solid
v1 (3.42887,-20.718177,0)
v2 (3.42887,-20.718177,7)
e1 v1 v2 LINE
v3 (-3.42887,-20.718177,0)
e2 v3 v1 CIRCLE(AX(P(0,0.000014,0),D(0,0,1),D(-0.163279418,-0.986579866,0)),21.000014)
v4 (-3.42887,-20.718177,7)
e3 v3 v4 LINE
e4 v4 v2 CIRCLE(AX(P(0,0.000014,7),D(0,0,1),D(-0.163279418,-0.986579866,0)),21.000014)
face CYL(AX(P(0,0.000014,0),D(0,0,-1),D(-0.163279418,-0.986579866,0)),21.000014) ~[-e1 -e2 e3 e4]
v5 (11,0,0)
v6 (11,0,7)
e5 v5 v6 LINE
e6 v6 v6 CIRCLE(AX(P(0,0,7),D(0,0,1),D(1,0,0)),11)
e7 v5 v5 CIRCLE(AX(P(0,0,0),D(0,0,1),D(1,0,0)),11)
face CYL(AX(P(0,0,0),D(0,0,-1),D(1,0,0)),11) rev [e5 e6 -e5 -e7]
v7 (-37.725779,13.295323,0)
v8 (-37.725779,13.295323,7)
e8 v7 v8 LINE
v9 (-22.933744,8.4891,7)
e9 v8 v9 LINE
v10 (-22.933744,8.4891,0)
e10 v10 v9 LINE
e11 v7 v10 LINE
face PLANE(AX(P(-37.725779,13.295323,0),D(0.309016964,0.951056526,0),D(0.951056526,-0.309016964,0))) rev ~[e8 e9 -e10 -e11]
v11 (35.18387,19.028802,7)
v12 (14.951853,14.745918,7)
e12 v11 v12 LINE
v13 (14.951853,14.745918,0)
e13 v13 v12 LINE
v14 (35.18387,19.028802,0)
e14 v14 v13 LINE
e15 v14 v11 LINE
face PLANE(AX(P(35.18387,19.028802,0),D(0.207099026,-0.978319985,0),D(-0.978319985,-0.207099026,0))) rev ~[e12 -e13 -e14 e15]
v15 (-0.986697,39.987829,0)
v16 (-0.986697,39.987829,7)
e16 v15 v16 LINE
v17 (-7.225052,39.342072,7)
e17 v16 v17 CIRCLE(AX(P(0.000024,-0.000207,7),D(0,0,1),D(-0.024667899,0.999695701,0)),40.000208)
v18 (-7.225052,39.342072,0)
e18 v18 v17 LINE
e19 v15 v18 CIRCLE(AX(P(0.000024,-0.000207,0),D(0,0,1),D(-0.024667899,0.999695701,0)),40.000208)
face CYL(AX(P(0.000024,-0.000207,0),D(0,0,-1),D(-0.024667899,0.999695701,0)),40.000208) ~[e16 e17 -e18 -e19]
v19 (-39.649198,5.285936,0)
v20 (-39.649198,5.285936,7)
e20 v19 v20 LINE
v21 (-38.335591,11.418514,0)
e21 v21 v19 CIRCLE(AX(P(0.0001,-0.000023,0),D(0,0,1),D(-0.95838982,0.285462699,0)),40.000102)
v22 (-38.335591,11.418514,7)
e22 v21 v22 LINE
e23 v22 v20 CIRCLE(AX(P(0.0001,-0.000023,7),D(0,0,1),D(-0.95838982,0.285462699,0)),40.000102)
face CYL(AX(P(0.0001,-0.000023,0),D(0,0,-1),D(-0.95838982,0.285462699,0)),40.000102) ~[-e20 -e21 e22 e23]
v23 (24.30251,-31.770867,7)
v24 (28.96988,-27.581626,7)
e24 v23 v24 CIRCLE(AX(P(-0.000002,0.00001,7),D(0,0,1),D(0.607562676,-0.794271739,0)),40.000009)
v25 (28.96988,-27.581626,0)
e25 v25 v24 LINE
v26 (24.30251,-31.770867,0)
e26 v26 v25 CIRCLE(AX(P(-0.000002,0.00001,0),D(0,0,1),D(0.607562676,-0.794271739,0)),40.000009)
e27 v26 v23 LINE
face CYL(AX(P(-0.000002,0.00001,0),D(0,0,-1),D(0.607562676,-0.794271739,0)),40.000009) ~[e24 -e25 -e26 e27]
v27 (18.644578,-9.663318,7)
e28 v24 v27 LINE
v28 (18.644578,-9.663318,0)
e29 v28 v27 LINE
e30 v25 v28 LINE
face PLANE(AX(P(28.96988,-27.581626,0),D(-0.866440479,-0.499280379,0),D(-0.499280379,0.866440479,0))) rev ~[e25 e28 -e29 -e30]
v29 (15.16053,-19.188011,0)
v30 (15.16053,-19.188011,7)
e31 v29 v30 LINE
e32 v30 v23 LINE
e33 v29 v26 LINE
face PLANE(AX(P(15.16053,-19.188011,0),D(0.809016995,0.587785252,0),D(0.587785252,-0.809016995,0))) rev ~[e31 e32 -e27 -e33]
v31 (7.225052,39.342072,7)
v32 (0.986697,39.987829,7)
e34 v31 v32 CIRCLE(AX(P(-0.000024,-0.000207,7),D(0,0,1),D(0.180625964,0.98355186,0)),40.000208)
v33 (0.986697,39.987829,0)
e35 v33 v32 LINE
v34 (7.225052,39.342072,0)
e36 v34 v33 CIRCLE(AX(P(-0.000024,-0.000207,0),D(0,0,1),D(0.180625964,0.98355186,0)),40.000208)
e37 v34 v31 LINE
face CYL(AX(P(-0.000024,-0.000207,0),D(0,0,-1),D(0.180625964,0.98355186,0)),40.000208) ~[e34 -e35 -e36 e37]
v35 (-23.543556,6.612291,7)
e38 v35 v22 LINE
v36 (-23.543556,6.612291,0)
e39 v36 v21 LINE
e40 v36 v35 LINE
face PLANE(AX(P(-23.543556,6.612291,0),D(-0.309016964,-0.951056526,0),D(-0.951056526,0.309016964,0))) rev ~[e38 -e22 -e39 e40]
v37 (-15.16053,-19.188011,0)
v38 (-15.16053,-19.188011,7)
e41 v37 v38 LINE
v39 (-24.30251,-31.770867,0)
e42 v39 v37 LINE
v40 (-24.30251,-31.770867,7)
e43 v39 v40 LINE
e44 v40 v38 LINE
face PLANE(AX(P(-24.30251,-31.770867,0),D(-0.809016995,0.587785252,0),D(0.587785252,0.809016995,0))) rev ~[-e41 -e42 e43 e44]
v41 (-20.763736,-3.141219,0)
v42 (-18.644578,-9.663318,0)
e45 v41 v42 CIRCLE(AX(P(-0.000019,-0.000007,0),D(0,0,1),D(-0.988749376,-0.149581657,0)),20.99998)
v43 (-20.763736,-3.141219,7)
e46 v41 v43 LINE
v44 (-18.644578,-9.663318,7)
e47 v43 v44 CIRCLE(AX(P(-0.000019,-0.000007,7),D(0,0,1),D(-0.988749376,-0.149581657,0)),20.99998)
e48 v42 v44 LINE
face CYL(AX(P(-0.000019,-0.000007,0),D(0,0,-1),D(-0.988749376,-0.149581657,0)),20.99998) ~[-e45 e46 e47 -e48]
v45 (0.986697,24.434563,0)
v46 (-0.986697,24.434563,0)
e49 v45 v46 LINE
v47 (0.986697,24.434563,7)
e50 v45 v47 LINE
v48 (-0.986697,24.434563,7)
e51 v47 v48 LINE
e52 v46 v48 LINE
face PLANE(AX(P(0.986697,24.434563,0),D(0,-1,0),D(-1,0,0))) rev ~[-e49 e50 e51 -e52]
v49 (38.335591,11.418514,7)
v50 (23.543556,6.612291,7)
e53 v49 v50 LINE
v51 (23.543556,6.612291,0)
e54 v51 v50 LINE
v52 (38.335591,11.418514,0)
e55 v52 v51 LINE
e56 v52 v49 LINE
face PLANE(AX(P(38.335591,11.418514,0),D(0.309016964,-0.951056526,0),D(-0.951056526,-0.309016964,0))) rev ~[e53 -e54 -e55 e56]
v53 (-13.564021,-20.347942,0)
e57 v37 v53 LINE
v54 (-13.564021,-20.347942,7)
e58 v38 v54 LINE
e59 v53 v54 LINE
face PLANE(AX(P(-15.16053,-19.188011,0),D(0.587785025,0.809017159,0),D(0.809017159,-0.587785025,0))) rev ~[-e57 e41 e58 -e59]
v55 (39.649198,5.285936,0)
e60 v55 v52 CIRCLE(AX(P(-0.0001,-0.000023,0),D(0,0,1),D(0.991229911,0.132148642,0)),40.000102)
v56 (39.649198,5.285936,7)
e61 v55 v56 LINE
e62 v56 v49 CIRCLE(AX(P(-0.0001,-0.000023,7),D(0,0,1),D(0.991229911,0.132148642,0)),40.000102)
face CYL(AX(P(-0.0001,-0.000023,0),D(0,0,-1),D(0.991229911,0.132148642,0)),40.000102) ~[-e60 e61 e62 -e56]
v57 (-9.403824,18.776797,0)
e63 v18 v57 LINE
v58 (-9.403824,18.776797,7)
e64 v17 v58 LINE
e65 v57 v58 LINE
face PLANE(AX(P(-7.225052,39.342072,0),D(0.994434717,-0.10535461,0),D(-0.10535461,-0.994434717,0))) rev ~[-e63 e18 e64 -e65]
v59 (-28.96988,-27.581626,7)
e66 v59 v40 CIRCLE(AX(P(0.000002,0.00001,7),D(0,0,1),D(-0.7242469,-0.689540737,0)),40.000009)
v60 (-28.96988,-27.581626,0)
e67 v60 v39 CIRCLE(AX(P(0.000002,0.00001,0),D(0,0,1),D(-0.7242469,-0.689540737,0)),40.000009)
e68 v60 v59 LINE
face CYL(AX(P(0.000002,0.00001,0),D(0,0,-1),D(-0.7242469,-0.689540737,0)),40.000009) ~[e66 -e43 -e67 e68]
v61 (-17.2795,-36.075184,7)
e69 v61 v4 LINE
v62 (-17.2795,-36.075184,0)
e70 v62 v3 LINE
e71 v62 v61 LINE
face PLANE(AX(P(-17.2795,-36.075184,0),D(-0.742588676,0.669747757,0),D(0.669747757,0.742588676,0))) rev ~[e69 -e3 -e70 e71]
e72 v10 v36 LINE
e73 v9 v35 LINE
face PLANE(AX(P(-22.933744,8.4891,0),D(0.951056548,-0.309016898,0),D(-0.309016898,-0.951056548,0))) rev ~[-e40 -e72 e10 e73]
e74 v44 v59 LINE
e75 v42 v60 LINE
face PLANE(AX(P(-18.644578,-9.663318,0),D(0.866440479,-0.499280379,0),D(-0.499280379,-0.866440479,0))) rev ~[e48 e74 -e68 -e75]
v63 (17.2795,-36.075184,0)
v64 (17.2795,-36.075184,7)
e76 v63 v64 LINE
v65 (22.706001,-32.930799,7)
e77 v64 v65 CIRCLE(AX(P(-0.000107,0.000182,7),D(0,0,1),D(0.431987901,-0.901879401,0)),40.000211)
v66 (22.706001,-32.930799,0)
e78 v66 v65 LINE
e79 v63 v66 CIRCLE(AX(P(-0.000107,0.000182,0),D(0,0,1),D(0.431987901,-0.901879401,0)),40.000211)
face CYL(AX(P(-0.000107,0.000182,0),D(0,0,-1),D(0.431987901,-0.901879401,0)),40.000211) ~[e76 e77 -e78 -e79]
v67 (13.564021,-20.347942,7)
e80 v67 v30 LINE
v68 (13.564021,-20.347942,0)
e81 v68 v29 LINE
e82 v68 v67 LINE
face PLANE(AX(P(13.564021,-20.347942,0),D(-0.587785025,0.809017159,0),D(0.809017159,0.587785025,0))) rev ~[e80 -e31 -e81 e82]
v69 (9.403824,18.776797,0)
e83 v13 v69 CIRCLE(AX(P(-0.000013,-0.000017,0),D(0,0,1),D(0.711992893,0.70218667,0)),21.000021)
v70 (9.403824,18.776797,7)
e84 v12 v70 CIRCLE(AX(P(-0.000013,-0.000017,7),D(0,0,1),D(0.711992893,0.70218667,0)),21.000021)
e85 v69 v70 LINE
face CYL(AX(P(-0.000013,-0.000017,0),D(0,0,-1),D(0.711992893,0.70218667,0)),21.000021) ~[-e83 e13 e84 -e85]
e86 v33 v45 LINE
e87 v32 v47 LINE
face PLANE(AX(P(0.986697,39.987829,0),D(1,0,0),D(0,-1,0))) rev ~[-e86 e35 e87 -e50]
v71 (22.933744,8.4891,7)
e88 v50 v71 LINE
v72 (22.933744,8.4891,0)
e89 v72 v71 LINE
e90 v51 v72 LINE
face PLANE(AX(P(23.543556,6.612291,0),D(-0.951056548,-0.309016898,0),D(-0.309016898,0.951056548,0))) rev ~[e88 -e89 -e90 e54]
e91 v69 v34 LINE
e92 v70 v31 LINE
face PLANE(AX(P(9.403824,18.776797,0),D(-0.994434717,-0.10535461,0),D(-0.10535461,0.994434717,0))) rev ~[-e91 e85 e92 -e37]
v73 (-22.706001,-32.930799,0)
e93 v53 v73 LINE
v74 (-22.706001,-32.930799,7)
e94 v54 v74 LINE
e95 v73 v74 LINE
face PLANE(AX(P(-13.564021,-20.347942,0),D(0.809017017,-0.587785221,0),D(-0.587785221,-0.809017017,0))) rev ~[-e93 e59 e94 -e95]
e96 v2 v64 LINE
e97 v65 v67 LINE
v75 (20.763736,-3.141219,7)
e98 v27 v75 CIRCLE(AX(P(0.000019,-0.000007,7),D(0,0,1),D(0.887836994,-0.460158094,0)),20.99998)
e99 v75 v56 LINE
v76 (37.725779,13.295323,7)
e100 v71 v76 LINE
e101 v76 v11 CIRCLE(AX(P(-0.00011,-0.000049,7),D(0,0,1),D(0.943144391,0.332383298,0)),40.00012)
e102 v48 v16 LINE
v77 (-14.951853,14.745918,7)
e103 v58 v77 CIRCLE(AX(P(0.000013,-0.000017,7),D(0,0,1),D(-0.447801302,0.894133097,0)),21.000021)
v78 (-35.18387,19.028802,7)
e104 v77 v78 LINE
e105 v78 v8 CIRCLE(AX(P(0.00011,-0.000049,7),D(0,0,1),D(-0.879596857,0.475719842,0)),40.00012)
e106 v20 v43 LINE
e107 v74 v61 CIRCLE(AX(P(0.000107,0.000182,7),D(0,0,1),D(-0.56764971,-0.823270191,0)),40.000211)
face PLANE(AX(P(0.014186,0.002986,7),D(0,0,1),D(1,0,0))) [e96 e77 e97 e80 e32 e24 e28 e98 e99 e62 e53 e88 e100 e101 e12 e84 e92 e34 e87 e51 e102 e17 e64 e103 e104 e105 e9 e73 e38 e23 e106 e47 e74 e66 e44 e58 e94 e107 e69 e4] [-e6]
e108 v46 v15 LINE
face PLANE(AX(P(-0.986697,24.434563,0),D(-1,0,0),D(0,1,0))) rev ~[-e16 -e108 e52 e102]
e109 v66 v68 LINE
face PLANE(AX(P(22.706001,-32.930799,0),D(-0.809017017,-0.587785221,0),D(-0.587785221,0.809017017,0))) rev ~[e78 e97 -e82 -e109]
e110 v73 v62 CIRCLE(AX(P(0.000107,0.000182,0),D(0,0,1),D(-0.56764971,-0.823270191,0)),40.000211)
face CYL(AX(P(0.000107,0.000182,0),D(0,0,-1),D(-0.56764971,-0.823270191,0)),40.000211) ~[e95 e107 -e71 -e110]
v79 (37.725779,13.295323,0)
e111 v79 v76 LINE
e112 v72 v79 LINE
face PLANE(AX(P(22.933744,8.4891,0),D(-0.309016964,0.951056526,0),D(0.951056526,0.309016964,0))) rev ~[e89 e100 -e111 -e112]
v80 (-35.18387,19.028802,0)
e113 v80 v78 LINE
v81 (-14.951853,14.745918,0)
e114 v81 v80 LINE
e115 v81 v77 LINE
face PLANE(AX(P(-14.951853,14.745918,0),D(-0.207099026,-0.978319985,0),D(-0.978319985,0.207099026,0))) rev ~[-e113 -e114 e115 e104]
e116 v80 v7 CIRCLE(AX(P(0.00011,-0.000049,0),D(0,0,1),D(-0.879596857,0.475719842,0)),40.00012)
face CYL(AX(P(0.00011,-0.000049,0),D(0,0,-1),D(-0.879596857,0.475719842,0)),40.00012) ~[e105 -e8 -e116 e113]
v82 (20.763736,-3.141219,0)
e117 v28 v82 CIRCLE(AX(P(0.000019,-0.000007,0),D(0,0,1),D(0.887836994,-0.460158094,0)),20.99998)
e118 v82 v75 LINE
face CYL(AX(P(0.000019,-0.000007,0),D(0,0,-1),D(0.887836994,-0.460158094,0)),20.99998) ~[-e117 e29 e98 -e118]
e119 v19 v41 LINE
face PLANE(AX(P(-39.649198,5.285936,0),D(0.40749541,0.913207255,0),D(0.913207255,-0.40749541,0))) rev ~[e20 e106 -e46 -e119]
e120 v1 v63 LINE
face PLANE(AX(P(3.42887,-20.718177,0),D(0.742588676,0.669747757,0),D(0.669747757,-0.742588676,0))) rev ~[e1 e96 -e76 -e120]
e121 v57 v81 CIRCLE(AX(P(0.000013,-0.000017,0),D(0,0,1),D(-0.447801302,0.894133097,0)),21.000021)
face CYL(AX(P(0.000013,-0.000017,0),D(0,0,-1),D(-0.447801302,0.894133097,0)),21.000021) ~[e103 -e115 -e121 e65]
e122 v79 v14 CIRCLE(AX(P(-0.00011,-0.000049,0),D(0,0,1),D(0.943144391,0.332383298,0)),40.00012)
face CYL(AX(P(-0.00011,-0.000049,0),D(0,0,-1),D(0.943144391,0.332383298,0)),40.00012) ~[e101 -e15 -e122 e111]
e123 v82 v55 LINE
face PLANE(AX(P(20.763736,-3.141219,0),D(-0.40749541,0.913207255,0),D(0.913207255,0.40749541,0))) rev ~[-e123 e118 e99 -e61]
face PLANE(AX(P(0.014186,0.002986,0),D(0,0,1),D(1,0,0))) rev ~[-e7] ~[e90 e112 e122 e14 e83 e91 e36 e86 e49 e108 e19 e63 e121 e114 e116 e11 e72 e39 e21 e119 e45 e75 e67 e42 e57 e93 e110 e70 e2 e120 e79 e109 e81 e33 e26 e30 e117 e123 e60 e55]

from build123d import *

# Parameters (mm, degrees)
F0_R     = 11
F1_DEPTH = 7


with BuildPart() as f1:
    # F0 (on Top) → F1 (new body)
    with BuildSketch(Plane.XY):
        with BuildLine():
            ThreePointArc((9.403824, 18.776797), (0, 21), (-9.403824, 18.776797))
            ThreePointArc((-9.403824, 18.776797), (-12.34349, 16.989357), (-14.951853, 14.745918))
            ThreePointArc((-14.951853, 14.745918), (-19.972187, 6.489357), (-20.763736, -3.141219))
            ThreePointArc((-20.763736, -3.141219), (-19.972187, -6.489357), (-18.644578, -9.663318))
            ThreePointArc((-18.644578, -9.663318), (-12.34349, -16.989357), (-3.42887, -20.718177))
            ThreePointArc((-3.42887, -20.718177), (0, -21), (3.42887, -20.718177))
            ThreePointArc((3.42887, -20.718177), (12.34349, -16.989357), (18.644578, -9.663318))
            ThreePointArc((18.644578, -9.663318), (19.972187, -6.489357), (20.763736, -3.141219))
            ThreePointArc((20.763736, -3.141219), (20.940851, -1.575046), (21, 0))
            ThreePointArc((21, 0), (19.429217, 7.969036), (14.951853, 14.745918))
            ThreePointArc((14.951853, 14.745918), (12.34349, 16.989357), (9.403824, 18.776797))
        make_face()
        Circle(F0_R, mode=Mode.SUBTRACT)
        with BuildLine():
            Line((-0.986697, 24.434563), (-0.986697, 39.987829))
            ThreePointArc((-0.986697, 39.987829), (-4.11855, 39.787404), (-7.225052, 39.342072))
            Line((-7.225052, 39.342072), (-9.403824, 18.776797))
            ThreePointArc((-9.403824, 18.776797), (0, 21), (9.403824, 18.776797))
            Line((9.403824, 18.776797), (7.225052, 39.342072))
            ThreePointArc((7.225052, 39.342072), (4.11855, 39.787404), (0.986697, 39.987829))
            Line((0.986697, 39.987829), (0.986697, 24.434563))
            Line((0.986697, 24.434563), (-0.986697, 24.434563))
        make_face()
        with BuildLine():
            Line((35.18387, 19.028802), (14.951853, 14.745918))
            ThreePointArc((14.951853, 14.745918), (19.429217, 7.969036), (21, 0))
            ThreePointArc((21, 0), (20.940851, -1.575046), (20.763736, -3.141219))
            Line((20.763736, -3.141219), (39.649198, 5.285936))
            ThreePointArc((39.649198, 5.285936), (39.112772, 8.37801), (38.335591, 11.418514))
            Line((38.335591, 11.418514), (23.543556, 6.612291))
            Line((23.543556, 6.612291), (22.933744, 8.4891))
            Line((22.933744, 8.4891), (37.725779, 13.295323))
            ThreePointArc((37.725779, 13.295323), (36.567368, 16.211958), (35.18387, 19.028802))
        make_face()
        with BuildLine():
            Line((28.96988, -27.581626), (18.644578, -9.663318))
            ThreePointArc((18.644578, -9.663318), (12.34349, -16.989357), (3.42887, -20.718177))
            Line((3.42887, -20.718177), (17.2795, -36.075184))
            ThreePointArc((17.2795, -36.075184), (20.054472, -34.609509), (22.706001, -32.930799))
            Line((22.706001, -32.930799), (13.564021, -20.347942))
            Line((13.564021, -20.347942), (15.16053, -19.188011))
            Line((15.16053, -19.188011), (24.30251, -31.770867))
            ThreePointArc((24.30251, -31.770867), (26.718427, -29.767863), (28.96988, -27.581626))
        make_face()
        with BuildLine():
            ThreePointArc((-3.42887, -20.718177), (-12.34349, -16.989357), (-18.644578, -9.663318))
            Line((-18.644578, -9.663318), (-28.96988, -27.581626))
            ThreePointArc((-28.96988, -27.581626), (-26.718427, -29.767863), (-24.30251, -31.770867))
            Line((-24.30251, -31.770867), (-15.16053, -19.188011))
            Line((-15.16053, -19.188011), (-13.564021, -20.347942))
            Line((-13.564021, -20.347942), (-22.706001, -32.930799))
            ThreePointArc((-22.706001, -32.930799), (-20.054472, -34.609509), (-17.2795, -36.075184))
            Line((-17.2795, -36.075184), (-3.42887, -20.718177))
        make_face()
        with BuildLine():
            ThreePointArc((-20.763736, -3.141219), (-19.972187, 6.489357), (-14.951853, 14.745918))
            Line((-14.951853, 14.745918), (-35.18387, 19.028802))
            ThreePointArc((-35.18387, 19.028802), (-36.567368, 16.211958), (-37.725779, 13.295323))
            Line((-37.725779, 13.295323), (-22.933744, 8.4891))
            Line((-22.933744, 8.4891), (-23.543556, 6.612291))
            Line((-23.543556, 6.612291), (-38.335591, 11.418514))
            ThreePointArc((-38.335591, 11.418514), (-39.112772, 8.37801), (-39.649198, 5.285936))
            Line((-39.649198, 5.285936), (-20.763736, -3.141219))
        make_face()
    extrude(amount=F1_DEPTH)


solid = f1.part
